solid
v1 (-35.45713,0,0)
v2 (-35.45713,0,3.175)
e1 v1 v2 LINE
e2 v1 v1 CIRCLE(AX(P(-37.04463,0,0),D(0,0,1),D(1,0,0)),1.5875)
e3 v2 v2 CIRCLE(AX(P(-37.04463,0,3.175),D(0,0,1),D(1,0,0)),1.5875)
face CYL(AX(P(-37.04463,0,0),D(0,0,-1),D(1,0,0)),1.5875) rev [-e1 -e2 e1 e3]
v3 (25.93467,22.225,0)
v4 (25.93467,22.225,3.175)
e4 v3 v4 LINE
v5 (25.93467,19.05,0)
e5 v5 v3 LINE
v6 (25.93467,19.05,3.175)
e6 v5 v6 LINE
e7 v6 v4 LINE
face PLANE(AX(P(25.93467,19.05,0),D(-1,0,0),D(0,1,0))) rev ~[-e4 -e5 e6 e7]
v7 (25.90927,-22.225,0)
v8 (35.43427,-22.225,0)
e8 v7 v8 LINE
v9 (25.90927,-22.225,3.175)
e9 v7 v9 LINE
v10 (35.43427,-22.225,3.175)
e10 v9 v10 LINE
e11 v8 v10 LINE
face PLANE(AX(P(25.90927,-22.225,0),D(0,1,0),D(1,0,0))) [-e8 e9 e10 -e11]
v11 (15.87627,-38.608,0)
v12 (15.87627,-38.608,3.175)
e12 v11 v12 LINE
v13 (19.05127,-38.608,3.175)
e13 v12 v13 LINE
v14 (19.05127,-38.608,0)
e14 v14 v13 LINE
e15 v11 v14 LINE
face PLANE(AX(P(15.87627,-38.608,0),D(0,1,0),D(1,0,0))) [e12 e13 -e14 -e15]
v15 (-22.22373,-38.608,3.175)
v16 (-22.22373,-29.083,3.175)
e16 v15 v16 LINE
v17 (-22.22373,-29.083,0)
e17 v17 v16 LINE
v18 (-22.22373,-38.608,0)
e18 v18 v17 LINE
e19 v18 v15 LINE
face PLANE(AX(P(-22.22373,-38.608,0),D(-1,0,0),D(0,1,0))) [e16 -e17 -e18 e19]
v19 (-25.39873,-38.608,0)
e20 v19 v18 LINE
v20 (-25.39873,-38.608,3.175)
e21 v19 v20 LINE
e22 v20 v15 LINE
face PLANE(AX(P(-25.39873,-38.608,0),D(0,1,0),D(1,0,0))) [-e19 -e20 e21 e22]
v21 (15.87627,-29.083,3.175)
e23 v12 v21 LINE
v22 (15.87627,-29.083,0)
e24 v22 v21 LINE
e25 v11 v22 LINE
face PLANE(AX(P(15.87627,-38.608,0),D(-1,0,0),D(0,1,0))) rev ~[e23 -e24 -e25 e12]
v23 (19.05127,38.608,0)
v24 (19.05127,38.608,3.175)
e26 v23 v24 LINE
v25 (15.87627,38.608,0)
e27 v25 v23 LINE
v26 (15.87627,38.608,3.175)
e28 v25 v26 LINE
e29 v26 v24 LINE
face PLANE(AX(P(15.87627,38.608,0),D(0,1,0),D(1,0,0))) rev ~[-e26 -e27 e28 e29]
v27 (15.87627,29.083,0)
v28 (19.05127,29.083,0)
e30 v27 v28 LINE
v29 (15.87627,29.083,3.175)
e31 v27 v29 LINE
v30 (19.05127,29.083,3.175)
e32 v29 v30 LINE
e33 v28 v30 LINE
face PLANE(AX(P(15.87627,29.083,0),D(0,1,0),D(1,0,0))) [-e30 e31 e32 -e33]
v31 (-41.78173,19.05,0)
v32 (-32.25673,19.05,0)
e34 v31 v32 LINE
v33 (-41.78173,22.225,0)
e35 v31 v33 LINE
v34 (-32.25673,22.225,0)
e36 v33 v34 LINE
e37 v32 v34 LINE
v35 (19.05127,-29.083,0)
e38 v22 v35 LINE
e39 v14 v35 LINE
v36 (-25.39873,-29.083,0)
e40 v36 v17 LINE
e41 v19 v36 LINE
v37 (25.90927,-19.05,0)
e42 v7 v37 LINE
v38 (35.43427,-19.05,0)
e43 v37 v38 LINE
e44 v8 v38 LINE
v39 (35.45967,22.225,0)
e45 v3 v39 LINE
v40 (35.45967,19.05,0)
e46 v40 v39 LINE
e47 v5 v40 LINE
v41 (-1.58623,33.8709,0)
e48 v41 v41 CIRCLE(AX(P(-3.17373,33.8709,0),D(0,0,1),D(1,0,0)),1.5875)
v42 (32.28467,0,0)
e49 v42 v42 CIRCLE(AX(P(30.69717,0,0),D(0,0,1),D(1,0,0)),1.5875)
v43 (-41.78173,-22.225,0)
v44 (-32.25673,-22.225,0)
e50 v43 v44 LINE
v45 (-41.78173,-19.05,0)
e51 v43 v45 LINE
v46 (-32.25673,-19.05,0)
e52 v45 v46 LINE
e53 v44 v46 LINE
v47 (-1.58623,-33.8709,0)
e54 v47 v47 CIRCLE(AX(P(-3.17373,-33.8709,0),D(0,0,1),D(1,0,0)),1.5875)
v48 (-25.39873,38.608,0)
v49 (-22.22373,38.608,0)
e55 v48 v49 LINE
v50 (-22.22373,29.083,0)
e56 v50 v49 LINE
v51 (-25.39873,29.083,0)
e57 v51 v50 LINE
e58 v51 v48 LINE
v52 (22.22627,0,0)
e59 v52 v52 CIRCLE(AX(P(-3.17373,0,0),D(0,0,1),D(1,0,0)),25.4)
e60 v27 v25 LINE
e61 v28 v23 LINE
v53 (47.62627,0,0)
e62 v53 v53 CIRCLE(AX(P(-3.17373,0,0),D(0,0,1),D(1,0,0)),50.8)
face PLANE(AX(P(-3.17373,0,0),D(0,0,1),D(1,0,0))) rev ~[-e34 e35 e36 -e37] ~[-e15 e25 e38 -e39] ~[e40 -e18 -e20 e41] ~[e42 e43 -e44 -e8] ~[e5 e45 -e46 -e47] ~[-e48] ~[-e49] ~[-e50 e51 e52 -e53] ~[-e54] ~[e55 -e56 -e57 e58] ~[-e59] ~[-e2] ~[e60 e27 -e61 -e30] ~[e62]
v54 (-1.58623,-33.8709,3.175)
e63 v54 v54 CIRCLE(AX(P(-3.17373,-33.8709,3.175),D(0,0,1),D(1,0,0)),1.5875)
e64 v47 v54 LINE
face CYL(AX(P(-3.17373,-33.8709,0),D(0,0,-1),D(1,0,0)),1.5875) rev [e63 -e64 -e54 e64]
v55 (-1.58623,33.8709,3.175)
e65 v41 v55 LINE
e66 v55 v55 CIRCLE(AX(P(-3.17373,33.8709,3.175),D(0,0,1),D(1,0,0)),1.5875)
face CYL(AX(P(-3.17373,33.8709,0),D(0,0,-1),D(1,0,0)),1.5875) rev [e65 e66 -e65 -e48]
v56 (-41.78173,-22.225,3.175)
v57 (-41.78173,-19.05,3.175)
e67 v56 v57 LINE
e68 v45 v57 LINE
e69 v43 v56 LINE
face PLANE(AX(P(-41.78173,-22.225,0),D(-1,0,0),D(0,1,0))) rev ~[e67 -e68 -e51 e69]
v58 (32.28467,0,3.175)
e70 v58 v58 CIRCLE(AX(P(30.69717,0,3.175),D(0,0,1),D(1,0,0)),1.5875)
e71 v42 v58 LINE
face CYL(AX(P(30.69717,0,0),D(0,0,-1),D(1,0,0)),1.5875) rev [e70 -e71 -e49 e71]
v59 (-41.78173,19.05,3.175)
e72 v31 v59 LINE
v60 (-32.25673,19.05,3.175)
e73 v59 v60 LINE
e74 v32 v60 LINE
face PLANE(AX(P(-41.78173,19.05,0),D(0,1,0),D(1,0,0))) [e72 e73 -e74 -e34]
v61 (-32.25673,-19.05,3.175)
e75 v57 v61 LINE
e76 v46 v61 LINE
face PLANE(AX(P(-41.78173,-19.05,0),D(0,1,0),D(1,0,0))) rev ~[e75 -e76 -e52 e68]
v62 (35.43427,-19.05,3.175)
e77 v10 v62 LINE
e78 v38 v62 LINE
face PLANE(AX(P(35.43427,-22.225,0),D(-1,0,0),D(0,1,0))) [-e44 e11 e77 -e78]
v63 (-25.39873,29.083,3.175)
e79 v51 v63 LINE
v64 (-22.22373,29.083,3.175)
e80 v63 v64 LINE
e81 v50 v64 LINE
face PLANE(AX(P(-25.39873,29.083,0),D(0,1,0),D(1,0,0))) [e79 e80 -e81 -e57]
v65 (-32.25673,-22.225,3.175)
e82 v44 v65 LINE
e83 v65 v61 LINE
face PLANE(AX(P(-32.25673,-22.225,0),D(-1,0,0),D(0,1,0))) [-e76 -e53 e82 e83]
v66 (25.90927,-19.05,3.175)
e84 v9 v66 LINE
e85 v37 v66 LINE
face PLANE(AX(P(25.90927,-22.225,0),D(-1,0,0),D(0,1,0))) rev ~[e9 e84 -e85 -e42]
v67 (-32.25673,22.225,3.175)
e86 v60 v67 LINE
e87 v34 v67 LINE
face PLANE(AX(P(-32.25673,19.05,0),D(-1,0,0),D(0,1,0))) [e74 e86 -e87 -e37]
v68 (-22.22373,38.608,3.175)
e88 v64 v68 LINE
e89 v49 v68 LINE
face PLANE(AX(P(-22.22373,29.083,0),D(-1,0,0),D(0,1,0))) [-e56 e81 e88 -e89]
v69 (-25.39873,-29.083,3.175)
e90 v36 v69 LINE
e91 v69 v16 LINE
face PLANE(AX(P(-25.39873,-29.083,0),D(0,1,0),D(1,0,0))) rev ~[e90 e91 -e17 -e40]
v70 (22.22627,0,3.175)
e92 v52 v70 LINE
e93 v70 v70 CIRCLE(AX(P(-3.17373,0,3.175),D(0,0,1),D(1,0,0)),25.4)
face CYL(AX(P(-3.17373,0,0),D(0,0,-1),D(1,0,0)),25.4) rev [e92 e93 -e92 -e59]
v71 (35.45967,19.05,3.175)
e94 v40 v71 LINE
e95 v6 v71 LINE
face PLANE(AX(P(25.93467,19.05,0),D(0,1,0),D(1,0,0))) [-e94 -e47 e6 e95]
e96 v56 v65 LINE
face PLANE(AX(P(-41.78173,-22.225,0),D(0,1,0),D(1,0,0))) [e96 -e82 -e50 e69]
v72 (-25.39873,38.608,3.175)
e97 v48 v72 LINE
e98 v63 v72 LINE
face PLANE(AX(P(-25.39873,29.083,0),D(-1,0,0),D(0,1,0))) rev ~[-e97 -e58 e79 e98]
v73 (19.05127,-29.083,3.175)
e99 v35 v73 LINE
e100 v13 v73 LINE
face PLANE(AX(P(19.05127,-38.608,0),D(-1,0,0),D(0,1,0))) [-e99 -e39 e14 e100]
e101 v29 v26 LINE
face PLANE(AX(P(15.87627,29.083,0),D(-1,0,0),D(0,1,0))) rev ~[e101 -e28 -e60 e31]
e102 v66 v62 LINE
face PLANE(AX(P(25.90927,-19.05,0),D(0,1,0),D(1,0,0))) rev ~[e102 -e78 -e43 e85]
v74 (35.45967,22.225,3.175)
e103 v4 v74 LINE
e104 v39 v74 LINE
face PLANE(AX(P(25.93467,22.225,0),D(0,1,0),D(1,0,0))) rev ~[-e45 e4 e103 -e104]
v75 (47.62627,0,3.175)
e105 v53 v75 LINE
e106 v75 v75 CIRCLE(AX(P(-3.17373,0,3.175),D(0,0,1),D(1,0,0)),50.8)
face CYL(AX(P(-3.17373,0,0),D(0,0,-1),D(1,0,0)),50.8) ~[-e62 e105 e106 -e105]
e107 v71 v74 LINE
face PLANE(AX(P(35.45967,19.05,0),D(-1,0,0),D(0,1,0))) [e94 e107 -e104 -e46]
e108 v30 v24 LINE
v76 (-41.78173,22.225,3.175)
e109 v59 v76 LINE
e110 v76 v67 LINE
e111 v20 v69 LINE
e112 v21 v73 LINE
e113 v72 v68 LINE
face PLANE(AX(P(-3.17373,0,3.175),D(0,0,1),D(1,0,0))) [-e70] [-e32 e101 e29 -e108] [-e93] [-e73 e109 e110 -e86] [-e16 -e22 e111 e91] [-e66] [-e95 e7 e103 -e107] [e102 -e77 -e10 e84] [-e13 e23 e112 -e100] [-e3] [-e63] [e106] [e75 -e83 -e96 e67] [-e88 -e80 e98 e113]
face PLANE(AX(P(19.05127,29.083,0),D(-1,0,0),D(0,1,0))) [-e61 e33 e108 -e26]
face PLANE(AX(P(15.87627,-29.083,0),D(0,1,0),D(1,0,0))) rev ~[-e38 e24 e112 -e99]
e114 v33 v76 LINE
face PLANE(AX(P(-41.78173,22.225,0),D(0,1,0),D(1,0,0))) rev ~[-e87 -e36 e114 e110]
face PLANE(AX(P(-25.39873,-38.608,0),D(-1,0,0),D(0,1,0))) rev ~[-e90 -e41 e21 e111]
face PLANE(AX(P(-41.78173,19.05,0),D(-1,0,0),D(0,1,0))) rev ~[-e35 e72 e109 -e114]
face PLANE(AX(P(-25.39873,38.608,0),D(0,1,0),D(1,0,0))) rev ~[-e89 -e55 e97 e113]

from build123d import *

# Parameters (mm, degrees)
SKETCH1_R           = 50.8
SKETCH1_R_2         = 25.4
SKETCH1_R_3         = 1.5875
SKETCH1_W           = 9.525
SKETCH1_H           = 3.175
SKETCH1_W_2         = 3.175
SKETCH1_H_2         = 9.525
BOSS_EXTRUDE1_DEPTH = 3.175


with BuildPart() as part:
    # Sketch1 → Boss-Extrude1 (new body)
    with BuildSketch(Plane.XY):
        with Locations((-3.17373, 0)):
            Circle(SKETCH1_R)
        with Locations((-3.17373, 0)):
            Circle(SKETCH1_R_2, mode=Mode.SUBTRACT)
        with Locations((-3.17373, -33.8709)):
            Circle(SKETCH1_R_3, mode=Mode.SUBTRACT)
        with Locations((30.69717, 0)):
            Circle(SKETCH1_R_3, mode=Mode.SUBTRACT)
        with Locations((-37.04463, 0)):
            Circle(SKETCH1_R_3, mode=Mode.SUBTRACT)
        with Locations((-3.17373, 33.8709)):
            Circle(SKETCH1_R_3, mode=Mode.SUBTRACT)
        with Locations((-37.01923, -20.6375)):
            Rectangle(SKETCH1_W, SKETCH1_H, mode=Mode.SUBTRACT)
        with Locations((-37.01923, 20.6375)):
            Rectangle(SKETCH1_W, SKETCH1_H, mode=Mode.SUBTRACT)
        with Locations((-23.81123, 33.8455)):
            Rectangle(SKETCH1_W_2, SKETCH1_H_2, mode=Mode.SUBTRACT)
        with Locations((17.46377, 33.8455)):
            Rectangle(SKETCH1_W_2, SKETCH1_H_2, mode=Mode.SUBTRACT)
        with Locations((17.46377, -33.8455)):
            Rectangle(SKETCH1_W_2, SKETCH1_H_2, mode=Mode.SUBTRACT)
        with Locations((-23.81123, -33.8455)):
            Rectangle(SKETCH1_W_2, SKETCH1_H_2, mode=Mode.SUBTRACT)
        with Locations((30.67177, -20.6375)):
            Rectangle(SKETCH1_W, SKETCH1_H, mode=Mode.SUBTRACT)
        with Locations((30.69717, 20.6375)):
            Rectangle(SKETCH1_W, SKETCH1_H, mode=Mode.SUBTRACT)
    extrude(amount=BOSS_EXTRUDE1_DEPTH)


solid = part.part
